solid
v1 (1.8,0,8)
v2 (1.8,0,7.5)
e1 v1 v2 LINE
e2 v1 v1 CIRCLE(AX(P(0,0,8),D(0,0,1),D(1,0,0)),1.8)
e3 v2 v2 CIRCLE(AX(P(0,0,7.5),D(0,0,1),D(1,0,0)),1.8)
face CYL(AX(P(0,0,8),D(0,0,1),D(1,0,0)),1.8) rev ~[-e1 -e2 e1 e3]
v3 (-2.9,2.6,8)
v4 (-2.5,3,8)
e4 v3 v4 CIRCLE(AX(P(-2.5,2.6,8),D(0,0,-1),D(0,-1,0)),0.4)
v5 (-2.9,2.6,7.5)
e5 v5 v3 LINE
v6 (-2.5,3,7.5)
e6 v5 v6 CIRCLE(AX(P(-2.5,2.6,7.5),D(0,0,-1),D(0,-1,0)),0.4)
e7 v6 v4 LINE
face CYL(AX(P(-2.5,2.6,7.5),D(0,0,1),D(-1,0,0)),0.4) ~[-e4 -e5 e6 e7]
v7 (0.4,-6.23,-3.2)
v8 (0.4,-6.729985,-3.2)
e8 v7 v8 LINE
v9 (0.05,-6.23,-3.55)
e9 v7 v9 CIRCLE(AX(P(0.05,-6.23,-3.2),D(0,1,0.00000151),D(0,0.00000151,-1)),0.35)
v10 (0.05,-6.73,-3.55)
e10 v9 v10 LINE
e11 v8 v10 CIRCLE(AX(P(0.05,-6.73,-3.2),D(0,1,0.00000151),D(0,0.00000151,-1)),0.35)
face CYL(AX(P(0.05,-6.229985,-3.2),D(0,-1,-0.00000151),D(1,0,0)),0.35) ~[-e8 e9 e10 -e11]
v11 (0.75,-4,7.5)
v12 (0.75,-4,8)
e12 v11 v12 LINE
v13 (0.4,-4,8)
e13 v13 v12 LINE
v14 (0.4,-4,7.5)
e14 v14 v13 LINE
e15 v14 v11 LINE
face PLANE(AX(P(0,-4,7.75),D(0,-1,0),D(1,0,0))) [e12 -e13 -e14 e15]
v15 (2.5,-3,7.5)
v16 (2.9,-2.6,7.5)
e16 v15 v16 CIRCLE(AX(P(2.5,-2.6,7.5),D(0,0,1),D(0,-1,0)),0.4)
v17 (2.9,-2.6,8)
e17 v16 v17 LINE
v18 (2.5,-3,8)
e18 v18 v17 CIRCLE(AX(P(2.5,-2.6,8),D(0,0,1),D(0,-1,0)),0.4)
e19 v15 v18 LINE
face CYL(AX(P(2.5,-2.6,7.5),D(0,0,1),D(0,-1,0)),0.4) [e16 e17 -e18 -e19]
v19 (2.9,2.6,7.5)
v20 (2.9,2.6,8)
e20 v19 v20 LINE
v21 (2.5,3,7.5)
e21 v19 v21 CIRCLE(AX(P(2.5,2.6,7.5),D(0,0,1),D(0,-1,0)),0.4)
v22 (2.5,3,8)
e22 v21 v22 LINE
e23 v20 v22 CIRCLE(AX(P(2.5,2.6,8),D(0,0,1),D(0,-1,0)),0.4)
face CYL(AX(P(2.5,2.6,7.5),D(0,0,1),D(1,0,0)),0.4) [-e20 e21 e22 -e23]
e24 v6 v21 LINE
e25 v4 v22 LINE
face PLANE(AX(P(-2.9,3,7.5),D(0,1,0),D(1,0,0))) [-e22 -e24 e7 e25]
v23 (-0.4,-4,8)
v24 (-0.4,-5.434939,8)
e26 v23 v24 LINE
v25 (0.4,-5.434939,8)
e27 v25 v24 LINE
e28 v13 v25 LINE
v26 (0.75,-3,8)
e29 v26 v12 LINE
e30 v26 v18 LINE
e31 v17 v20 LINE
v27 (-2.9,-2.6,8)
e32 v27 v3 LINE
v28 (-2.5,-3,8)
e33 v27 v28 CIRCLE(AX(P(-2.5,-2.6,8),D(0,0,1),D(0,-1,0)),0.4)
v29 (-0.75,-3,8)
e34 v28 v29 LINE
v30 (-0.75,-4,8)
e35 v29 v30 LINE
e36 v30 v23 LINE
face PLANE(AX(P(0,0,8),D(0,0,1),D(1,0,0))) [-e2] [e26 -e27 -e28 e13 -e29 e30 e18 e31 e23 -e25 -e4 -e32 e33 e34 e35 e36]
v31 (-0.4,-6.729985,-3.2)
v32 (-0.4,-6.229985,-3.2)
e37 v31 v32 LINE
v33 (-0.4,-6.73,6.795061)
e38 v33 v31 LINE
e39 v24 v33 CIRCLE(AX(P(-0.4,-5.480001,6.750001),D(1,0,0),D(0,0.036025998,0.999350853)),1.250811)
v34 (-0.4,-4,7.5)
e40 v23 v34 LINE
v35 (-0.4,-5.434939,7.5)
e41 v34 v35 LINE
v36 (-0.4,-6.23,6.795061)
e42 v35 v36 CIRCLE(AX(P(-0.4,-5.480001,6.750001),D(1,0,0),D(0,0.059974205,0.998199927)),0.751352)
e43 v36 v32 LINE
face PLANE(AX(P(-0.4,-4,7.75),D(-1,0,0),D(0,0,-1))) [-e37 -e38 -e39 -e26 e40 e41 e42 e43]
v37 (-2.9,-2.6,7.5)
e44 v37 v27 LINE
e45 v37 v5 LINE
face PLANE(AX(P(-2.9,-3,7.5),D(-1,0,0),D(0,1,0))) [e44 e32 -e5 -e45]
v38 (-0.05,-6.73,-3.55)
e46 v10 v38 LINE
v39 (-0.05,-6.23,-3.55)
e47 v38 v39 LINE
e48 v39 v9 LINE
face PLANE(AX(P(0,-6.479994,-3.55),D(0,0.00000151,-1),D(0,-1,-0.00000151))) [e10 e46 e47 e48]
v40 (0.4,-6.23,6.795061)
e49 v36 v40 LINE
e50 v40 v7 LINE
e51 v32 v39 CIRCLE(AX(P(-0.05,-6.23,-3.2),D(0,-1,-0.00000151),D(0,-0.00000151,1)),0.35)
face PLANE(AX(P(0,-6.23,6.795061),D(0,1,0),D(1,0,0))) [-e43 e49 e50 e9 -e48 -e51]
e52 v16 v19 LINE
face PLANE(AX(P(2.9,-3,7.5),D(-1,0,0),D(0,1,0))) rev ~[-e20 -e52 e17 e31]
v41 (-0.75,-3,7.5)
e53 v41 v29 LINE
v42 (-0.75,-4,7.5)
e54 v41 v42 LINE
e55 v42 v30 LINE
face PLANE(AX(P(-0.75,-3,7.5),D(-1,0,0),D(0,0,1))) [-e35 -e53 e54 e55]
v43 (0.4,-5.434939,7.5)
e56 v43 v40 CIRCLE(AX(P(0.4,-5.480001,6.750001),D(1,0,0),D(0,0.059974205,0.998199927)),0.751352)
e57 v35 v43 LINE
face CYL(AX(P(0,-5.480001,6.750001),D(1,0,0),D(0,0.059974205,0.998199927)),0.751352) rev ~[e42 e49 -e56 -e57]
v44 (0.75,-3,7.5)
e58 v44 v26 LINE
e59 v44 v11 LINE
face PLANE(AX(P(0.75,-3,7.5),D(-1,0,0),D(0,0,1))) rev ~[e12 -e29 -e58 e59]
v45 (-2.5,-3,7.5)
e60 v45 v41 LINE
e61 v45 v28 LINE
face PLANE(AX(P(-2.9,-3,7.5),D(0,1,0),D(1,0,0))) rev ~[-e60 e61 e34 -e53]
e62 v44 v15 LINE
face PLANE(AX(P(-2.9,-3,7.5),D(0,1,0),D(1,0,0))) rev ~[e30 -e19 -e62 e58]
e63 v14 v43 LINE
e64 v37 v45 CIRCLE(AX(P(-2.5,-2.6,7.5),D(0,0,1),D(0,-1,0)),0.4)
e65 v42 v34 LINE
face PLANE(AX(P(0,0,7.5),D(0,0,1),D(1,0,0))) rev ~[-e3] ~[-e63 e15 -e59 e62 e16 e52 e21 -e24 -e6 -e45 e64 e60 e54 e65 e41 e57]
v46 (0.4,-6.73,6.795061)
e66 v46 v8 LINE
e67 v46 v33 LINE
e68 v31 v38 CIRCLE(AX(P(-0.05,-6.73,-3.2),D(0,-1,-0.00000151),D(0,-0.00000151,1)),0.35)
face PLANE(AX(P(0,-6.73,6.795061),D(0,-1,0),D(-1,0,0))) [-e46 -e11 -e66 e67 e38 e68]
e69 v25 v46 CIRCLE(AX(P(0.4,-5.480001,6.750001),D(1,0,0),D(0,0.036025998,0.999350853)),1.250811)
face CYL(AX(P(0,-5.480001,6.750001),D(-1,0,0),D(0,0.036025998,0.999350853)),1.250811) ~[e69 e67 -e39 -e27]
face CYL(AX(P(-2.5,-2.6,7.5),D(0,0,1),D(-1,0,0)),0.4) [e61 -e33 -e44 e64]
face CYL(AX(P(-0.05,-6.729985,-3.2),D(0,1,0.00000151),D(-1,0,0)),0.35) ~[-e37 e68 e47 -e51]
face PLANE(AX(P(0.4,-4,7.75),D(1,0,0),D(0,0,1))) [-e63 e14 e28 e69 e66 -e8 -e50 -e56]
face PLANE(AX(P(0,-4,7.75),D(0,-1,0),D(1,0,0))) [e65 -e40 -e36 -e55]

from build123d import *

# Parameters (mm, degrees)
SKETCH008_W     = 5.8
SKETCH008_H     = 6
PAD002_DEPTH    = 0.5
FILLET001_R     = 0.4
SKETCH009_W     = 1.5
SKETCH009_H     = 0.5
PAD003_DEPTH    = 1
SKETCH010_W     = 0.8
SKETCH010_H     = 0.5
FILLET002_R     = 0.35
SKETCH024_R     = 1.8
POCKET008_DEPTH = 0.5


with BuildPart() as part:
    # Sketch008 (on Face1 of CopyPocket005) → Pad002 (new body)
    with BuildSketch(Plane.XY.offset(9.5)):
        Rectangle(SKETCH008_W, SKETCH008_H)
    extrude(amount=PAD002_DEPTH)

    # Fillet001
    fillet001_edges = [part.edges().sort_by_distance(p)[0] for p in [
        (2.9, -3, 9.75),
        (-2.9, -3, 9.75),
        (-2.9, 3, 9.75),
        (2.9, 3, 9.75),
    ]]
    fillet(fillet001_edges, radius=FILLET001_R)

    # Sketch009 (on Face10 of Fillet001) → Pad003 (join)
    with BuildSketch(Plane.XZ.offset(3)):
        with Locations((0, 9.75)):
            Rectangle(SKETCH009_W, SKETCH009_H)
    extrude(amount=PAD003_DEPTH)

    # AdditivePipe: sweep along a path in Sketch011
    with BuildLine(Plane.YZ.offset(0.75)) as additivepipe_path:
        Line((-4, 9.75), (-5.434939, 9.75))
        ThreePointArc((-5.434939, 9.75), (-6.155244, 9.48897), (-6.48, 8.795061))
        Line((-6.48, 8.795061), (-6.48, -1.55))
    # Sketch010 (on Face16 of Pad003) → AdditivePipe (sweep)
    with BuildSketch(Plane.XZ.offset(4)):
        with Locations((0, 9.75)):
            Rectangle(SKETCH010_W, SKETCH010_H)
    sweep(path=additivepipe_path.line)

    # Fillet002
    fillet002_edges = [part.edges().sort_by_distance(p)[0] for p in [
        (-0.4, -6.48, -1.55),
        (0.4, -6.48, -1.55),
    ]]
    fillet(fillet002_edges, radius=FILLET002_R)

    # Sketch024 (on Face32 of Fillet002) → Pocket008 (cut)
    with BuildSketch(Plane.XY.offset(10)):
        Circle(SKETCH024_R)
    extrude(amount=-POCKET008_DEPTH, mode=Mode.SUBTRACT)


with BuildPart() as part_1:
    # Body001 placement: moved
    add(part.part.moved(Location((0, 0, -2))))


solid = part_1.part
